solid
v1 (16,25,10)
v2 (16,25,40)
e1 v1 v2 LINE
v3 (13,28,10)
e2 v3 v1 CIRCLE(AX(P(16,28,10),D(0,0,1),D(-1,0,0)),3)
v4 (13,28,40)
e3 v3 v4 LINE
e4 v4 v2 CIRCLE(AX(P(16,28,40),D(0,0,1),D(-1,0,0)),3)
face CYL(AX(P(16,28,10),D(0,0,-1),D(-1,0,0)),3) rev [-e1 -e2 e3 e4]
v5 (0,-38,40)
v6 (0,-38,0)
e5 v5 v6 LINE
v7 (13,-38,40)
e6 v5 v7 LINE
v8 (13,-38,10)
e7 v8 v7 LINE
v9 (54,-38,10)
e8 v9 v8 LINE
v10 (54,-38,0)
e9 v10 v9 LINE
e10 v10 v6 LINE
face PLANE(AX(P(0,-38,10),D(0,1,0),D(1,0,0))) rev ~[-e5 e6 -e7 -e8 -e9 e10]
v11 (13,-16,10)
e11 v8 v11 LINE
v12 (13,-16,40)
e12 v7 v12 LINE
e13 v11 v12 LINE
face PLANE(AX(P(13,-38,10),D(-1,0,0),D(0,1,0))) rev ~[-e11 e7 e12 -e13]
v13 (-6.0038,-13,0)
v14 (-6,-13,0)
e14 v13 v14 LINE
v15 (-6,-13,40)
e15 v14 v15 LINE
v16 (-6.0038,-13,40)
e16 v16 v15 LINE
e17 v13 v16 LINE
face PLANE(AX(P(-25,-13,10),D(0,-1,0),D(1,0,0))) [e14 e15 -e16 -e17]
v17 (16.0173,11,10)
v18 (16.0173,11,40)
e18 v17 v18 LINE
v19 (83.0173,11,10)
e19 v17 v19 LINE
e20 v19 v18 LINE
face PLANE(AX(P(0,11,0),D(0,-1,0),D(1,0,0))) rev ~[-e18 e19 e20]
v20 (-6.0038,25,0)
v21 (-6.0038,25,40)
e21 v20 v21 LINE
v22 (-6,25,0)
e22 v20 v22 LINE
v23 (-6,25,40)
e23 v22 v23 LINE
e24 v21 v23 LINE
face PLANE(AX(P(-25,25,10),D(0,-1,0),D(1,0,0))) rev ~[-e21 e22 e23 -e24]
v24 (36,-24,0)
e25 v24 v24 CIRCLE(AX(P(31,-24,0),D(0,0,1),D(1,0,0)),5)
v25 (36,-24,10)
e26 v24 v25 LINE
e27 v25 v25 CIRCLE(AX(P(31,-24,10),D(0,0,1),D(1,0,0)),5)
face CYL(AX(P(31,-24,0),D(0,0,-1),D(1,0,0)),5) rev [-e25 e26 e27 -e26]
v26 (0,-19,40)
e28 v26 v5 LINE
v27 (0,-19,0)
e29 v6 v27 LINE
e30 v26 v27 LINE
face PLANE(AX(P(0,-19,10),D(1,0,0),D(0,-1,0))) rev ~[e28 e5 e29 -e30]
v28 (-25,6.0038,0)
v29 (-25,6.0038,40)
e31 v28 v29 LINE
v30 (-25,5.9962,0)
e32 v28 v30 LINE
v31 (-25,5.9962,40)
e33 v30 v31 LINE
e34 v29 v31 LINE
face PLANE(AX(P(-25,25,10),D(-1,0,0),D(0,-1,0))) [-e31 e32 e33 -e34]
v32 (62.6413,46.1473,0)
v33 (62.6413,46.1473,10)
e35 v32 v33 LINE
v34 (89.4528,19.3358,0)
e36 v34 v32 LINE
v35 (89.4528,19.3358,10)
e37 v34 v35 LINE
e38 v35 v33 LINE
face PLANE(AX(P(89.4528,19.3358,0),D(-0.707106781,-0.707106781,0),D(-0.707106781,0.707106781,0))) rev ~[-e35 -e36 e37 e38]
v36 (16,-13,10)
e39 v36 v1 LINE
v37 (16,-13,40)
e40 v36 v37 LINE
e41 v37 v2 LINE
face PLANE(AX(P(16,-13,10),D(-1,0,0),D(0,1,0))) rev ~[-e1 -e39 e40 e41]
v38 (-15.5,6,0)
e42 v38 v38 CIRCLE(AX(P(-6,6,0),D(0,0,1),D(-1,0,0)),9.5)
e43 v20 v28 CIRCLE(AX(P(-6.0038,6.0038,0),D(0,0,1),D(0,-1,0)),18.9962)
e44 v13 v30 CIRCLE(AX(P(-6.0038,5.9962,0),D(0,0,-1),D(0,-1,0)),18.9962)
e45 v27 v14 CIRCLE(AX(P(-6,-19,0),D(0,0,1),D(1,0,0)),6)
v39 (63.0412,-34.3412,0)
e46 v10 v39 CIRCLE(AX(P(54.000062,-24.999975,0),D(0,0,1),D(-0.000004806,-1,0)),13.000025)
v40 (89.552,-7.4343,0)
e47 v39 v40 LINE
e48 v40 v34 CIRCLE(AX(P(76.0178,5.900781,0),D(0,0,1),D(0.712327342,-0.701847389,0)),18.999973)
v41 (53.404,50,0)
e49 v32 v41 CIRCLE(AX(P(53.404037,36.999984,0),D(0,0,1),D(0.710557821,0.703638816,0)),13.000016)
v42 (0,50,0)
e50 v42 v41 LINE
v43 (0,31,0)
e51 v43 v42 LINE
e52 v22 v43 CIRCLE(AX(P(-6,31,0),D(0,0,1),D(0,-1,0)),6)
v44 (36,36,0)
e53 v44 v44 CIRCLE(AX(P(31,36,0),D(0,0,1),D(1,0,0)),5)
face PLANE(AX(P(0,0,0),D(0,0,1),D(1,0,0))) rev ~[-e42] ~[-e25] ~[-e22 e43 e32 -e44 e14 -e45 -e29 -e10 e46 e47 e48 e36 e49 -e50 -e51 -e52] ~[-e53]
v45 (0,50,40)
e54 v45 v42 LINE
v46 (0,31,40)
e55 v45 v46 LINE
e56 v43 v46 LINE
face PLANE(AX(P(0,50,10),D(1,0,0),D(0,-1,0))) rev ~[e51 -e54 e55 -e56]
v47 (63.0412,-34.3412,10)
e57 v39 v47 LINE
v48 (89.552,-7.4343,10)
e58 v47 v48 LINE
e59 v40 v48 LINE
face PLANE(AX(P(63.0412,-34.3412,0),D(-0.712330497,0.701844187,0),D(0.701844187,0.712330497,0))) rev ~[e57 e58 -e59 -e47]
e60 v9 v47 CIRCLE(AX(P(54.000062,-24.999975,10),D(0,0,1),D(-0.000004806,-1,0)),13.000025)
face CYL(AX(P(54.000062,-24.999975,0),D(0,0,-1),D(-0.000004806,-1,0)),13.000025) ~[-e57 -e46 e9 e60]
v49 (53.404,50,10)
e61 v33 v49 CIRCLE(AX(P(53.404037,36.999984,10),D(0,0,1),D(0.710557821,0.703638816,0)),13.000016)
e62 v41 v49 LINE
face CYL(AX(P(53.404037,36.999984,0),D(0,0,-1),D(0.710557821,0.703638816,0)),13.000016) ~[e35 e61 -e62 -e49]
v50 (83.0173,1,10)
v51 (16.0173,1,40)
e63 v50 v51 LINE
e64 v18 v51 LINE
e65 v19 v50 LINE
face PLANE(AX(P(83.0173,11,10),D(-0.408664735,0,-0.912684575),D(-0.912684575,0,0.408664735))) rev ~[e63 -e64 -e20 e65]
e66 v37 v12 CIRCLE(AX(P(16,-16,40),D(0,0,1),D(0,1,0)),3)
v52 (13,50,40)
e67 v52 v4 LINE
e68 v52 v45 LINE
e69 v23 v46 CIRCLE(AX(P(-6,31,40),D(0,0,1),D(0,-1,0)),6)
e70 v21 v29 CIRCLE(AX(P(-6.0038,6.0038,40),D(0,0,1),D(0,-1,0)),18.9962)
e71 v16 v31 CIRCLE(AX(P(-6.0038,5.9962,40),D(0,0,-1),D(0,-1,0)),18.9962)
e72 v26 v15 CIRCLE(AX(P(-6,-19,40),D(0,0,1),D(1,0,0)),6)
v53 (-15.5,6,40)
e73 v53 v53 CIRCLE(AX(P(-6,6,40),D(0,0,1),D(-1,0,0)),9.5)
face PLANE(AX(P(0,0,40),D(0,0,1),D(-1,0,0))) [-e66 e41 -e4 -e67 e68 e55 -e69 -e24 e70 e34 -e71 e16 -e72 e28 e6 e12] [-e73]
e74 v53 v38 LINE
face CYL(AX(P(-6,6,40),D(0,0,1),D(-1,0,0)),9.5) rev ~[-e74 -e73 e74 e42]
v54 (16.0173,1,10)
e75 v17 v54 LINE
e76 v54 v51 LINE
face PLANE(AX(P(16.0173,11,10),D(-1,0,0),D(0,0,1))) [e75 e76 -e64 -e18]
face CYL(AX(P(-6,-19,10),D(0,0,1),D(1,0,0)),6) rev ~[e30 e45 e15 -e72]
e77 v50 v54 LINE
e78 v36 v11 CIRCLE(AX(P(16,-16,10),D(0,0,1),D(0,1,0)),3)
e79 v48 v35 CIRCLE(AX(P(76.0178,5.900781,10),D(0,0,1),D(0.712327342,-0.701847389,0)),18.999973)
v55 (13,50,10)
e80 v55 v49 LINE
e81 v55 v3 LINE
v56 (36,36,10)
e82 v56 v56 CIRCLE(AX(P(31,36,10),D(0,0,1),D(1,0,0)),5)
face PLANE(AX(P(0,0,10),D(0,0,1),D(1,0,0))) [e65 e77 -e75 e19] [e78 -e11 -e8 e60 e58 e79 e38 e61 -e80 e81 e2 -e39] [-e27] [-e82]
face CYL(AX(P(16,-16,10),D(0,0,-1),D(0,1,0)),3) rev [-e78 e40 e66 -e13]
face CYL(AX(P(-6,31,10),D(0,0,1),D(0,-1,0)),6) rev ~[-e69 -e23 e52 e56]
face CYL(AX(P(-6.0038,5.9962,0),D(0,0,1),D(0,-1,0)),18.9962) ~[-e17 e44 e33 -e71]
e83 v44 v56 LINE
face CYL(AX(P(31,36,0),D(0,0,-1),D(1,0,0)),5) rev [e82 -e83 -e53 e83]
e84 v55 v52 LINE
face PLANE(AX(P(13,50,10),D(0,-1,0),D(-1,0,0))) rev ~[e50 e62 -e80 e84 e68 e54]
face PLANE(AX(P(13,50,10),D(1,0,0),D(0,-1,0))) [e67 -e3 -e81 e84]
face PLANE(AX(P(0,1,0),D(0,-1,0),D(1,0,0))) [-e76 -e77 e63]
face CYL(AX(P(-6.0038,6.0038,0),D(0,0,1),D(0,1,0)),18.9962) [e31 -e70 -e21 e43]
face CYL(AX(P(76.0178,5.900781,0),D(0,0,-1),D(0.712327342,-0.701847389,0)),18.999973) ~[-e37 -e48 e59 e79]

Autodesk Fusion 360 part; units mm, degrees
sketch "Sketch1" plane through (0, 0, 0) normal (0, 0, 1) x (1, 0, 0)
  line L0 (0, 50) -> (53.404, 50)
  line L1 (54, -38) -> (0, -38)
  line L2 (0, -38) -> (0, 50)
  arc A0 (54, -38) -> (63.0412, -34.3412) centre (54, -25) ccw
  arc A1 (62.6413, 46.1473) -> (53.404, 50) centre (53.404, 37) ccw
  line L3 (63.0412, -34.3412) -> (89.552, -7.4343)
  line L4 (89.4528, 19.3358) -> (62.6413, 46.1473)
  arc A2 (89.552, -7.4343) -> (89.4528, 19.3358) centre (76.0178, 5.9008) ccw
  circle A3 centre (31, -24) radius 5
  circle A4 centre (31, 36) radius 5
  dimension "d2" = 88
  dimension "d6" = 13
  dimension "d7" = 13
  dimension "d10" = 19
  dimension "d13" = 10
  dimension "d15" = 10
extrude "Extrude1" add sketch "Sketch1" along normal blind 10 makes body 1
sketch "Sketch2" plane through (0, 0, 10) normal (0, 0, 1) x (-1, 0, 0)
  circle A0 centre (-31, -36) radius 5
  circle A1 centre (-31, 24) radius 5
  arc A2 (-54, 38) -> (-63.0412, 34.3412) centre (-54, 25) ccw
  line L0 (-63.0412, 34.3412) -> (-89.552, 7.4343)
  arc A3 (-89.552, 7.4343) -> (-89.4528, -19.3358) centre (-76.0178, -5.9008) ccw
  line L1 (-89.4528, -19.3358) -> (-62.6413, -46.1473)
  arc A4 (-62.6413, -46.1473) -> (-53.404, -50) centre (-53.404, -37) ccw
  line L2 (-53.404, -50) -> (0, -50)
  line L3 (0, -50) -> (0, 38)
  line L4 (0, 38) -> (-54, 38)
  line L5 (0, 38) -> (-13, 38)
  line L6 (-13, 38) -> (-13, 16)
  line L7 (0, 13) -> (0, 38)
  line L8 (0, -50) -> (-13, -50)
  line L9 (-13, -50) -> (-13, -28)
  line L10 (0, -25) -> (0, -50)
  line L11 (-13, -25) -> (-16, -25)
  line L12 (-16, -25) -> (-16, -25)
  line L13 (25, -25) -> (25, 13)
  line L14 (-16, 13) -> (-16, 13)
  line L15 (-16, 13) -> (-16, -25)
  arc A5 (-16, 13) -> (-13, 16) centre (-16, 16) ccw
  arc A6 (-13, -28) -> (-16, -25) centre (-16, -28) ccw
  line L16 (25, 13) -> (6, 13)
  line L17 (25, -25) -> (0, -25)
  line L18 (0, -50) -> (0, -31)
  line L19 (6, -25) -> (25, -25)
  line L20 (25, -25) -> (25, 13)
  line L21 (25, 13) -> (0, 13)
  line L22 (0, 19) -> (0, 38)
  arc A7 (0, 19) -> (6, 13) centre (6, 19) ccw
  arc A8 (6, -25) -> (0, -31) centre (6, -31) ccw
  dimension "d18" = 13
  dimension "d19" = 25
  dimension "d20" = 13
  dimension "d21" = 25
  dimension "d23" = 41
  dimension "d24" = 3
  dimension "d25" = 3
  dimension "d26" = 6
  dimension "d27" = 6
extrude "Extrude2" add sketch "Sketch2" against normal blind 10 contours L3 L7 L21 A7 | L3 L13 L16 L17 L19 L20 L21 | L3 L10 L17 A8 bodies 1
extrude "Extrude3" add sketch "Sketch2" along normal blind 30 contours L3 L7 L21 A7 | L3 L13 L16 L17 L19 L20 L21 | L3 L10 L17 A8 bodies 1
extrude "Extrude4" add sketch "Sketch2" along normal blind 30 contours L2 L3 L4 L5 L6 L7 L8 L9 L10 L15 A5 A6 L18 L22 bodies 1
fillet "Fillet1" radius 19 2 edges at (-25, -13, 20) (-25, 25, 20) on bodies 1
sketch "Sketch3" plane through (0, 0, 40) normal (0, 0, 1) x (-1, 0, 0)
  arc A0 (6, -25) -> (25, -6) centre (6, -6) ccw
  arc A1 (25, -6) -> (6, 13) centre (6, -6) ccw
  arc A2 (0, 19) -> (6, 13) centre (6, 19) ccw
  line L0 (0, 19) -> (0, 38)
  line L1 (0, 38) -> (-13, 38)
  line L2 (-13, 38) -> (-13, 16)
  arc A3 (-16, 13) -> (-13, 16) centre (-16, 16) ccw
  line L3 (-16, 13) -> (-16, -25)
  arc A4 (-13, -28) -> (-16, -25) centre (-16, -28) ccw
  line L4 (-13, -28) -> (-13, -50)
  line L5 (-13, -50) -> (0, -50)
  line L6 (0, -50) -> (0, -31)
  arc A5 (6, -25) -> (0, -31) centre (6, -31) ccw
  circle A6 centre (6, -6) radius 9.5
  dimension "d36" = 19
extrude "Extrude5" cut sketch "Sketch3" against normal blind 40 contours A6 bodies 1
sketch "Sketch4" plane through (0, -38, 0) normal (0, -1, 0) x (1, 0, 0)
  line L0 (0, 0) -> (54, 0)
  line L1 (54, 0) -> (54, 10)
  line L2 (54, 10) -> (13, 10)
  line L3 (13, 10) -> (13, 40)
  line L4 (13, 40) -> (0, 40)
  line L5 (0, 40) -> (0, 0)
  line L6 (16.0173, 10) -> (83.0173, 10)
  line L7 (16.0173, 10) -> (16.0173, 40)
  line L8 (83.0173, 10) -> (16.0173, 40)
  dimension "d39" = 67
  dimension "d40" = 30
extrude "Extrude6" add sketch "Sketch4" along normal blind 10 separate body contours L2 L6 L7 L8 makes body 2
move_body "Move1" bodies 2 to x (1, 0, 0) y (0, 1, 0) z (0, 0, 1) at (0, 49, 0)
combine "Combine1" operation add target body 1 tool bodies 2
